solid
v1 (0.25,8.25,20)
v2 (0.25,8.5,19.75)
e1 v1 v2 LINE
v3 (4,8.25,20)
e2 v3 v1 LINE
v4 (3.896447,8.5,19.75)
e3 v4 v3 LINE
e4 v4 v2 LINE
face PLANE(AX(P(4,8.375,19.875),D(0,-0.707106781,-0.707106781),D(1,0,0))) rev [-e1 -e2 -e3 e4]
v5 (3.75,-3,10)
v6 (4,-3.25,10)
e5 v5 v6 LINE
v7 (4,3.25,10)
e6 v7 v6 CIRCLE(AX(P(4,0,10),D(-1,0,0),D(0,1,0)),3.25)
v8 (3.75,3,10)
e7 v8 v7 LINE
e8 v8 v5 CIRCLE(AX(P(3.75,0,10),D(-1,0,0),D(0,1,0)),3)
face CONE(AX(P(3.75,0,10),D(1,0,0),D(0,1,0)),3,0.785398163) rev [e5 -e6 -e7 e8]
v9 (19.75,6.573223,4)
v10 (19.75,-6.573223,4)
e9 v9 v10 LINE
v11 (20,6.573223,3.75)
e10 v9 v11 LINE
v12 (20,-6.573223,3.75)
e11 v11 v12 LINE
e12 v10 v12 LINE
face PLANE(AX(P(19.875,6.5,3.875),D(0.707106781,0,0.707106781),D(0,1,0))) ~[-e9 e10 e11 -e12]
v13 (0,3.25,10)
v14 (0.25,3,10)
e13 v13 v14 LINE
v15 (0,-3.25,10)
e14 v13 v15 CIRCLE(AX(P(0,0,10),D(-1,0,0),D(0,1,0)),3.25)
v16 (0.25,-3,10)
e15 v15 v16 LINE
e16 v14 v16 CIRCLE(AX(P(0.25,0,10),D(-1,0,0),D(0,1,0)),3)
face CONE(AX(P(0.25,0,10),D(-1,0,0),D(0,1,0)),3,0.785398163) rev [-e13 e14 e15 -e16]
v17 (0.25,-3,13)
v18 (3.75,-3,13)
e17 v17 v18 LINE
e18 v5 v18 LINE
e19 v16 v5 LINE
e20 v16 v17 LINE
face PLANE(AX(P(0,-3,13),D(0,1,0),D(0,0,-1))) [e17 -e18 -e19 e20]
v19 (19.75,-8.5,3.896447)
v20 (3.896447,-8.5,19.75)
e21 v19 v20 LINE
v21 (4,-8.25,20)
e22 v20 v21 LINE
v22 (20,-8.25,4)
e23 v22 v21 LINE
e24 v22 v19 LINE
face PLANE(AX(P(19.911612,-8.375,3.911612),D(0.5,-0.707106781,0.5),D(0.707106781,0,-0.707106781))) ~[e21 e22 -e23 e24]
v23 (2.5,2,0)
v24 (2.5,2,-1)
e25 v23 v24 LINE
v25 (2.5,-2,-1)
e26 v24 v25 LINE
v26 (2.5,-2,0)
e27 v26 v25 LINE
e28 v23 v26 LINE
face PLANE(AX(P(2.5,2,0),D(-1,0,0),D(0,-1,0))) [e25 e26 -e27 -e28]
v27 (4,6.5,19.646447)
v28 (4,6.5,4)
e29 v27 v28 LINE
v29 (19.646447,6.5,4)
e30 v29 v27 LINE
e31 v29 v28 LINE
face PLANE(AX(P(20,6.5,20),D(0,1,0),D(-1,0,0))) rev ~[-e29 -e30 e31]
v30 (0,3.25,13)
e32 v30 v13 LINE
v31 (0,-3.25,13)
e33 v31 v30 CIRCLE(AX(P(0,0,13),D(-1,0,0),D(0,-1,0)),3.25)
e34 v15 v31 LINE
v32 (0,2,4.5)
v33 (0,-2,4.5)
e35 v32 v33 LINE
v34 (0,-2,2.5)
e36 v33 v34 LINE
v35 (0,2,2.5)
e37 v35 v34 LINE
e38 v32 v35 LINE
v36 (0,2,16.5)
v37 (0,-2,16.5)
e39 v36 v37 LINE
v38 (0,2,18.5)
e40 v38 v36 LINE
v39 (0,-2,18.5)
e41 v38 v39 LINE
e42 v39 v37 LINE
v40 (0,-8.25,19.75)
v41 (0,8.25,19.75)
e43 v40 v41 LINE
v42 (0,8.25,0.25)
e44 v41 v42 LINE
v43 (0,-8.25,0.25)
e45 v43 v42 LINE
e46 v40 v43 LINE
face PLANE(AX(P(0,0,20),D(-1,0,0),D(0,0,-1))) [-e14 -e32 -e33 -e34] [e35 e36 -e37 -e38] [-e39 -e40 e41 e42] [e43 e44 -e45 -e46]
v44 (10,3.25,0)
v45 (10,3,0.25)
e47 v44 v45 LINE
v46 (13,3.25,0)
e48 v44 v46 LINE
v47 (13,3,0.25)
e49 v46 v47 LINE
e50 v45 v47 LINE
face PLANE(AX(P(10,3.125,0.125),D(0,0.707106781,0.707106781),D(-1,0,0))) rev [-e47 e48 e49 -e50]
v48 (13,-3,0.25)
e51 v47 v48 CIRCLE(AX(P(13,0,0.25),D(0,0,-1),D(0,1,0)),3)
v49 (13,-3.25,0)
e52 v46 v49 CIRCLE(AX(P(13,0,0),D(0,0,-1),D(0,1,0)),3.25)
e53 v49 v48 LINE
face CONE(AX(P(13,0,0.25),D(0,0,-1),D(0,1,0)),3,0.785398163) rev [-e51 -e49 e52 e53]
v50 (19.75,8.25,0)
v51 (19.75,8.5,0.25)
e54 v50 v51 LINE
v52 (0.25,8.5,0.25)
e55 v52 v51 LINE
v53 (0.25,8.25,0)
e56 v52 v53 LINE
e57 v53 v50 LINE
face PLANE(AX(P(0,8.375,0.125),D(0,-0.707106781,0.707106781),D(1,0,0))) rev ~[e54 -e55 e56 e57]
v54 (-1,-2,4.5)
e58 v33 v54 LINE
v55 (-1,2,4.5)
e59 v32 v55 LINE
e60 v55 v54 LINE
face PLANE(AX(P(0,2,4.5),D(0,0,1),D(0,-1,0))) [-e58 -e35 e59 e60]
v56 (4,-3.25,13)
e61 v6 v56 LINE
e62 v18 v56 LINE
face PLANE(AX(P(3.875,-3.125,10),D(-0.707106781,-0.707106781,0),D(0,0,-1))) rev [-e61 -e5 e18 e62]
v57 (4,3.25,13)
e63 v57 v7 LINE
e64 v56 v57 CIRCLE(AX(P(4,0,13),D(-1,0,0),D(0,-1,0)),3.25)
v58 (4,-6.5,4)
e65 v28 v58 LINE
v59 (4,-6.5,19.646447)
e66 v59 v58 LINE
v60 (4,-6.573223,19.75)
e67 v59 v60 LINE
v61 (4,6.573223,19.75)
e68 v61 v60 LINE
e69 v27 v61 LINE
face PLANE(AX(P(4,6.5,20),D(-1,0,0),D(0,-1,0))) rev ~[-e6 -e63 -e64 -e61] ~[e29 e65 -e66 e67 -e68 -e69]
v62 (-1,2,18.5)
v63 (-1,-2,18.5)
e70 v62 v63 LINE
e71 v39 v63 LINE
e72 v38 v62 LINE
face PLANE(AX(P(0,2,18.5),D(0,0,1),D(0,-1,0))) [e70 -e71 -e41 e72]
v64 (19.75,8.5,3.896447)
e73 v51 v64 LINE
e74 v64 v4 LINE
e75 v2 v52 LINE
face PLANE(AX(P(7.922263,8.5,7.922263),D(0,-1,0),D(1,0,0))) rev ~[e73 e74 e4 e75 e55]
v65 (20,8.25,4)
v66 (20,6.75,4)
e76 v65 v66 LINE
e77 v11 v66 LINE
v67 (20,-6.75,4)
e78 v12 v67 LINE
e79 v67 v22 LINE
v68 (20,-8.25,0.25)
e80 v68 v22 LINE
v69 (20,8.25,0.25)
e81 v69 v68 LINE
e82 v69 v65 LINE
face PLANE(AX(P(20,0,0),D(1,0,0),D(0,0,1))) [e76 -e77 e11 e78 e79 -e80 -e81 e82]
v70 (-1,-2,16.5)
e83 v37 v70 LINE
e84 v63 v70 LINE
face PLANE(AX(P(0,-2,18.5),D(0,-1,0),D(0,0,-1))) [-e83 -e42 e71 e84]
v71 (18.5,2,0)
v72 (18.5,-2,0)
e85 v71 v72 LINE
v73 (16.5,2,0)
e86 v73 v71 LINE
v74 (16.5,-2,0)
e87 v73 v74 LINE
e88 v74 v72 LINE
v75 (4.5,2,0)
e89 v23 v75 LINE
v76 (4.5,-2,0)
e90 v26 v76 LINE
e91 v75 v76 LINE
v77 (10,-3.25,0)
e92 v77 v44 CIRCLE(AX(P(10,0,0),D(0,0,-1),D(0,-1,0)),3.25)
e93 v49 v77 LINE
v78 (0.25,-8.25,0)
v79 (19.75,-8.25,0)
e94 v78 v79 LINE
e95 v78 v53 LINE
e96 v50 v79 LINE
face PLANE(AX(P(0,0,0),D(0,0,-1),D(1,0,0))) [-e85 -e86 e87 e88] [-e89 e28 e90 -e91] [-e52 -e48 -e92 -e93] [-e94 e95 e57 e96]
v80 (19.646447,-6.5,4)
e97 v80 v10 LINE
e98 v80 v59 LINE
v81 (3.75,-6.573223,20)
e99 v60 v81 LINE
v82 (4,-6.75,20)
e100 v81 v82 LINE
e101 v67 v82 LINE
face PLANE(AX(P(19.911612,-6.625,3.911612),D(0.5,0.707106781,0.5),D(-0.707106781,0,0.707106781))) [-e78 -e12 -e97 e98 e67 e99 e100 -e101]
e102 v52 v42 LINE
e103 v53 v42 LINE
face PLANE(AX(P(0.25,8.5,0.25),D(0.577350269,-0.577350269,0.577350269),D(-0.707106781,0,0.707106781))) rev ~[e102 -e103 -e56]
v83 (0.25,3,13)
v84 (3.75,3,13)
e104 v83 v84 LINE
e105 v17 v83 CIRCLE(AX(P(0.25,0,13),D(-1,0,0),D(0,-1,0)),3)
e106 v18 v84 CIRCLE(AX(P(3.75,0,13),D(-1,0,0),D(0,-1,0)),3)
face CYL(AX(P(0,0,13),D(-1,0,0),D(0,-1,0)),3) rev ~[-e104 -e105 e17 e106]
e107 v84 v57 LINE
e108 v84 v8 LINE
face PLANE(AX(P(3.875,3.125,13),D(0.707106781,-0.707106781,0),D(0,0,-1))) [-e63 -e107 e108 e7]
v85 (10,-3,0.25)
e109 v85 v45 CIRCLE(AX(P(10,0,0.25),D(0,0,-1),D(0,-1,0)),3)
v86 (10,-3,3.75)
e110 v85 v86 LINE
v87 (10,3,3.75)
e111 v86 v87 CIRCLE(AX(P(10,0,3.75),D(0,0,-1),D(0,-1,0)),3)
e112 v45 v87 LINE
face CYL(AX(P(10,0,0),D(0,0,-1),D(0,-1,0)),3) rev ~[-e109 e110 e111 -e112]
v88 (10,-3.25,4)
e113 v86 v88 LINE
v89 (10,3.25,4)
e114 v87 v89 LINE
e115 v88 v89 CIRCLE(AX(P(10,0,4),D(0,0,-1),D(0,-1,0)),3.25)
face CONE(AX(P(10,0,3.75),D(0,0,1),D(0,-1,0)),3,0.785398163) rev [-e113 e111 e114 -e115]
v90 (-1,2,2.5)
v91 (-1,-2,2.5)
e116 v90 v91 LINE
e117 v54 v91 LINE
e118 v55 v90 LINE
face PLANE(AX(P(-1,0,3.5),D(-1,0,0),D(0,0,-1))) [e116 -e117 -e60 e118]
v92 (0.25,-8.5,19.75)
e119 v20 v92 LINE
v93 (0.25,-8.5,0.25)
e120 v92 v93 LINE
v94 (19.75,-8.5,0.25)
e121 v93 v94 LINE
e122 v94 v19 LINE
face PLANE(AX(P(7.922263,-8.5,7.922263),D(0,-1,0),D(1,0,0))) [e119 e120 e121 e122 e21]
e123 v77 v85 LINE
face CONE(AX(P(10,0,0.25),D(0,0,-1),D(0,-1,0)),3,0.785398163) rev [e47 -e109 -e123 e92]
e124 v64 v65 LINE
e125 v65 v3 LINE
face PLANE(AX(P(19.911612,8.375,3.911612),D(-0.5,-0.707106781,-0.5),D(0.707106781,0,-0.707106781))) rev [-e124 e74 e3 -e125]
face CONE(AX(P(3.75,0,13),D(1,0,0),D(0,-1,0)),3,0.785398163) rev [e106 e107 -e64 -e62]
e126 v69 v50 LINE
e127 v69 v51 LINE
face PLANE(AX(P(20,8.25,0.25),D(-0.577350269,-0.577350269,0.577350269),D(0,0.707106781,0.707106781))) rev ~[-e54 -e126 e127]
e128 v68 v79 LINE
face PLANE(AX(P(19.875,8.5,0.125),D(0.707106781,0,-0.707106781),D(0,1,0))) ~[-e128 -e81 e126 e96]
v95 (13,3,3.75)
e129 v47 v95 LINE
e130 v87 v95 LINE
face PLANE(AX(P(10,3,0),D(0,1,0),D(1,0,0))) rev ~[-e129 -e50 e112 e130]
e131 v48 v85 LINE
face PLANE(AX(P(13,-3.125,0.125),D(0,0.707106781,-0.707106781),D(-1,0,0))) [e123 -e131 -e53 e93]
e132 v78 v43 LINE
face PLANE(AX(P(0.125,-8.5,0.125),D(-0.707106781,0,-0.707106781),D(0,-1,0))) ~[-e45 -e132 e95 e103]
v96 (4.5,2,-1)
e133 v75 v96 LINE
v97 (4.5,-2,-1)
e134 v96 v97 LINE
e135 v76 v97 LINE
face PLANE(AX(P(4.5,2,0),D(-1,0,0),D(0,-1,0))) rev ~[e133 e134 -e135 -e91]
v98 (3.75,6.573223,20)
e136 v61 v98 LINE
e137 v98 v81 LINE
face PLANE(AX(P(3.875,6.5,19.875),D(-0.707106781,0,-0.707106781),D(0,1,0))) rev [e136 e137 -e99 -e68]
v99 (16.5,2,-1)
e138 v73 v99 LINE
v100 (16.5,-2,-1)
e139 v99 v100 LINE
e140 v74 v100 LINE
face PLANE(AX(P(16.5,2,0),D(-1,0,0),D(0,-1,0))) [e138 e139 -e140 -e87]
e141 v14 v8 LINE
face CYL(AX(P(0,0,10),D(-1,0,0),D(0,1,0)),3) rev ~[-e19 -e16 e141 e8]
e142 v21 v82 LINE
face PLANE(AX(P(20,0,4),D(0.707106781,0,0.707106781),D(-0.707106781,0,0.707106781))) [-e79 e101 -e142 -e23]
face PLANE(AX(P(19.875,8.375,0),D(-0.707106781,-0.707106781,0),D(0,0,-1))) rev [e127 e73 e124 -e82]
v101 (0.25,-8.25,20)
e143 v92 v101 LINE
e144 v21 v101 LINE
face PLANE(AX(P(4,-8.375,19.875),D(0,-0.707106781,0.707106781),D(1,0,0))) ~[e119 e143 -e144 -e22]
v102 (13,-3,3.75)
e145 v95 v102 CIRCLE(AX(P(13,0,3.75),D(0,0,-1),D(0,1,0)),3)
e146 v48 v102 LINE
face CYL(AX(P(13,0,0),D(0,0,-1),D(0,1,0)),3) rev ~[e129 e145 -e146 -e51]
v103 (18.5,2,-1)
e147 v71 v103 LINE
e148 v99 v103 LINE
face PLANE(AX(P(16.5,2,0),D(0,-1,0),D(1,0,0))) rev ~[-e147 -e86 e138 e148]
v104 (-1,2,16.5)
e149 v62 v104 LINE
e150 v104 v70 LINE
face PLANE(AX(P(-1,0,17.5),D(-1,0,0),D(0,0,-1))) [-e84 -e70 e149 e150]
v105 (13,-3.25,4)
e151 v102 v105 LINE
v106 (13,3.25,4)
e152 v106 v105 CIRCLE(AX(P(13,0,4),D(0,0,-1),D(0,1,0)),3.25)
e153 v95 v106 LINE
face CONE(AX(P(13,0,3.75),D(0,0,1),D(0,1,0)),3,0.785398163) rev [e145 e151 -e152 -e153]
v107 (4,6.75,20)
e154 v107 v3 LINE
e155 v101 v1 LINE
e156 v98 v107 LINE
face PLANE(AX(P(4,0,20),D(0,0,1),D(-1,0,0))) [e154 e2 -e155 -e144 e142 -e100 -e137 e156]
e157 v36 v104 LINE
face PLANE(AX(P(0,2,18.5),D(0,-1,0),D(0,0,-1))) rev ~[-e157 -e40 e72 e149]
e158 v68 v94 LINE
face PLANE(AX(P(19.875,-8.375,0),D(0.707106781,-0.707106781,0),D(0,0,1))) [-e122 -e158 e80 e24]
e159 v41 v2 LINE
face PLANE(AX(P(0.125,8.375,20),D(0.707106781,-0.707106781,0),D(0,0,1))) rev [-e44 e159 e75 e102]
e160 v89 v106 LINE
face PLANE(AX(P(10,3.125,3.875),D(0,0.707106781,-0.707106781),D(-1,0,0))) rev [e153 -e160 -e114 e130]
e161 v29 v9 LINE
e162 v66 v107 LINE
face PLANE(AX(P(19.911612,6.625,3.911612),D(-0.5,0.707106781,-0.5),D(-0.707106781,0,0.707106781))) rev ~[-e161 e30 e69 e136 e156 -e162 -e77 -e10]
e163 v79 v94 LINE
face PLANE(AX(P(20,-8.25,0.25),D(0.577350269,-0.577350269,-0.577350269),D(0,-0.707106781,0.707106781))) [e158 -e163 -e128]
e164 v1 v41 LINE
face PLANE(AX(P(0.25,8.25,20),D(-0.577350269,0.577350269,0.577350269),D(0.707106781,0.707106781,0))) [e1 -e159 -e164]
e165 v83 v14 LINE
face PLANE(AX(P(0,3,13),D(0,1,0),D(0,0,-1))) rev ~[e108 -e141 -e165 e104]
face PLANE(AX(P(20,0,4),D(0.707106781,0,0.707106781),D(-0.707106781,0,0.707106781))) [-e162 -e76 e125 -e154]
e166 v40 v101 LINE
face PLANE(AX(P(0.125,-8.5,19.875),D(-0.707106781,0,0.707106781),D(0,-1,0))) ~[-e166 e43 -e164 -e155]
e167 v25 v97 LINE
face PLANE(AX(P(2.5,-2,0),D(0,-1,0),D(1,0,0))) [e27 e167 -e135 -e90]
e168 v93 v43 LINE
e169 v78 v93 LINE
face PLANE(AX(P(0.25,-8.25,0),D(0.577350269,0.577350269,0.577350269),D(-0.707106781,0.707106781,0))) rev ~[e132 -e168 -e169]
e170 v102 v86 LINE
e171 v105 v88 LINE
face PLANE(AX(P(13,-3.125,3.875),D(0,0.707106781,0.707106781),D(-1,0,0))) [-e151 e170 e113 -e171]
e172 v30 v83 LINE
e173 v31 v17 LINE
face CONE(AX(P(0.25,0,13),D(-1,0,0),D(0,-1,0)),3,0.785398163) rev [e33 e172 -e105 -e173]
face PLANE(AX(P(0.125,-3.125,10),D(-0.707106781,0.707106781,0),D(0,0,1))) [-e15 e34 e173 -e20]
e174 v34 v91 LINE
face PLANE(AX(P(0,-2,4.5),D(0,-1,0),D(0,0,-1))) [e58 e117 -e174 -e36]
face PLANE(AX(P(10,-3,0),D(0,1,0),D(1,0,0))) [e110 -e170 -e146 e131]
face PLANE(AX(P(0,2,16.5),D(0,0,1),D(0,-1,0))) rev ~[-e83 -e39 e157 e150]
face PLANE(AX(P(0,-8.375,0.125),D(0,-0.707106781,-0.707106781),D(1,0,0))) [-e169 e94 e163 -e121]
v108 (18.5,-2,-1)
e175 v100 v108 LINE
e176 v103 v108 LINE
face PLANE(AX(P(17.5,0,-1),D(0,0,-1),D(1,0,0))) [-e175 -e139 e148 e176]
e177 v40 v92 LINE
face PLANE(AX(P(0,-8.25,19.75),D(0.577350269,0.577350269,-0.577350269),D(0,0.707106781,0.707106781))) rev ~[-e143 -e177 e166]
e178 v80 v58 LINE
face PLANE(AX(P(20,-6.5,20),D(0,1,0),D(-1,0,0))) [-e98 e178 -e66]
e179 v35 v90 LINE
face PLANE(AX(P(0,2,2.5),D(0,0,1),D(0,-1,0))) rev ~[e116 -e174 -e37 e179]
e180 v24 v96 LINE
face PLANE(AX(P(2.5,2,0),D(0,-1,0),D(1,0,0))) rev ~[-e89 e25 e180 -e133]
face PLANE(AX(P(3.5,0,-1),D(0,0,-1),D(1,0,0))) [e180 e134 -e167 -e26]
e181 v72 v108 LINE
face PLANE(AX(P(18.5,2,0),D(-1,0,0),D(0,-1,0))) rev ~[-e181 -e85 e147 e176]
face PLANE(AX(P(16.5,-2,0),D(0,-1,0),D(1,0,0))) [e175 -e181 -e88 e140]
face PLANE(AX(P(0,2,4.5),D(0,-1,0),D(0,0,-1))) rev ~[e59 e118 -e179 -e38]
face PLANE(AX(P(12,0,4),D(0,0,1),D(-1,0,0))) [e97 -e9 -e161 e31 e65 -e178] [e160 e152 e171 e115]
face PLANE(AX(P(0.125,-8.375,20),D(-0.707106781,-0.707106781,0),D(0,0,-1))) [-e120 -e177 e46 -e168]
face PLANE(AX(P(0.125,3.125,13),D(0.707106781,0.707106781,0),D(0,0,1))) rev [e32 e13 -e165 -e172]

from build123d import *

# Parameters (mm, degrees)
PAD_DEPTH       = 8.5
SKETCH001_W     = 16
SKETCH001_H     = 13
POCKET_DEPTH    = 16
POCKET001_DEPTH = 5
POCKET002_DEPTH = 5
SKETCH004_W     = 2
SKETCH004_H     = 4
PAD001_DEPTH    = 1
SKETCH005_W     = 2
SKETCH005_H     = 4
PAD002_DEPTH    = 1
CHAMFER_SIZE    = 0.25
CHAMFER001_SIZE = 0.25
CHAMFER002_SIZE = 0.25


with BuildPart() as part:
    # Sketch → Pad (new body, symmetric)
    with BuildSketch(Plane.XZ):
        Polygon((0, 0), (20, 0), (20, 4), (4, 20), (0, 20), align=None)
    extrude(amount=PAD_DEPTH, both=True)

    # Sketch001 (on Face4 of Pad) → Pocket (cut)
    with BuildSketch(Plane(origin=(0, 0, 20), x_dir=(-1, 0, 0), z_dir=(0, 0, 1))):
        with Locations((-12, 0)):
            Rectangle(SKETCH001_W, SKETCH001_H)
    extrude(amount=-POCKET_DEPTH, mode=Mode.SUBTRACT)

    # Sketch002 (on Face2 of Pocket) → Pocket001 (cut)
    with BuildSketch(Plane(origin=(0, 0, 0), x_dir=(0, 0, -1), z_dir=(-1, 0, 0))):
        with BuildLine():
            ThreePointArc((-13, 3), (-16, 0), (-13, -3))
            Line((-13, -3), (-10, -3))
            ThreePointArc((-10, -3), (-7, 0), (-10, 3))
            Line((-13, 3), (-10, 3))
        make_face()
    extrude(amount=-POCKET001_DEPTH, mode=Mode.SUBTRACT)

    # Sketch003 (on Face1 of Pocket001) → Pocket002 (cut)
    with BuildSketch(Plane(origin=(0, 0, 0), x_dir=(1, 0, 0), z_dir=(0, 0, -1))):
        with BuildLine():
            ThreePointArc((10, 3), (7, 0), (10, -3))
            Line((10, -3), (13, -3))
            ThreePointArc((13, -3), (16, 0), (13, 3))
            Line((10, 3), (13, 3))
        make_face()
    extrude(amount=-POCKET002_DEPTH, mode=Mode.SUBTRACT)

    # Sketch004 (on Face1 of Pocket002) → Pad001 (join)
    with BuildSketch(Plane(origin=(0, 0, 0), x_dir=(1, 0, 0), z_dir=(0, 0, -1))):
        with Locations((3.5, 0)):
            Rectangle(SKETCH004_W, SKETCH004_H)
        with Locations((17.5, 0)):
            Rectangle(SKETCH004_W, SKETCH004_H)
    extrude(amount=PAD001_DEPTH)

    # Sketch005 (on Face2 of Pad001) → Pad002 (join)
    with BuildSketch(Plane(origin=(0, 0, 0), x_dir=(0, 0, -1), z_dir=(-1, 0, 0))):
        with Locations((-17.5, 0)):
            Rectangle(SKETCH005_W, SKETCH005_H)
        with Locations((-3.5, 0)):
            Rectangle(SKETCH005_W, SKETCH005_H)
    extrude(amount=PAD002_DEPTH)

    # Chamfer
    chamfer_edges = [part.edges().sort_by_distance(p)[0] for p in [
        (2, -8.5, 20),
        (0, -8.5, 10),
        (10, -8.5, 0),
        (0, 0, 0),
        (10, 8.5, 0),
        (0, 8.5, 10),
        (20, 0, 0),
        (20, 8.5, 2),
        (20, -8.5, 2),
        (16, 0, 4),
        (16, 0, 0),
        (0, 0, 7),
        (0, 0, 20),
        (2, 8.5, 20),
        (12, -8.5, 12),
        (12, 8.5, 12),
        (20, 0, 4),
        (4, 0, 16),
        (4, 0, 20),
    ]]
    chamfer(chamfer_edges, length=CHAMFER_SIZE)

    # Chamfer001
    chamfer001_edges = [part.edges().sort_by_distance(p)[0] for p in [
        (12, -6.5, 12),
    ]]
    chamfer(chamfer001_edges, length=CHAMFER001_SIZE)

    # Chamfer002
    chamfer002_edges = [part.edges().sort_by_distance(p)[0] for p in [
        (12, 6.5, 12),
    ]]
    chamfer(chamfer002_edges, length=CHAMFER002_SIZE)


solid = part.part
